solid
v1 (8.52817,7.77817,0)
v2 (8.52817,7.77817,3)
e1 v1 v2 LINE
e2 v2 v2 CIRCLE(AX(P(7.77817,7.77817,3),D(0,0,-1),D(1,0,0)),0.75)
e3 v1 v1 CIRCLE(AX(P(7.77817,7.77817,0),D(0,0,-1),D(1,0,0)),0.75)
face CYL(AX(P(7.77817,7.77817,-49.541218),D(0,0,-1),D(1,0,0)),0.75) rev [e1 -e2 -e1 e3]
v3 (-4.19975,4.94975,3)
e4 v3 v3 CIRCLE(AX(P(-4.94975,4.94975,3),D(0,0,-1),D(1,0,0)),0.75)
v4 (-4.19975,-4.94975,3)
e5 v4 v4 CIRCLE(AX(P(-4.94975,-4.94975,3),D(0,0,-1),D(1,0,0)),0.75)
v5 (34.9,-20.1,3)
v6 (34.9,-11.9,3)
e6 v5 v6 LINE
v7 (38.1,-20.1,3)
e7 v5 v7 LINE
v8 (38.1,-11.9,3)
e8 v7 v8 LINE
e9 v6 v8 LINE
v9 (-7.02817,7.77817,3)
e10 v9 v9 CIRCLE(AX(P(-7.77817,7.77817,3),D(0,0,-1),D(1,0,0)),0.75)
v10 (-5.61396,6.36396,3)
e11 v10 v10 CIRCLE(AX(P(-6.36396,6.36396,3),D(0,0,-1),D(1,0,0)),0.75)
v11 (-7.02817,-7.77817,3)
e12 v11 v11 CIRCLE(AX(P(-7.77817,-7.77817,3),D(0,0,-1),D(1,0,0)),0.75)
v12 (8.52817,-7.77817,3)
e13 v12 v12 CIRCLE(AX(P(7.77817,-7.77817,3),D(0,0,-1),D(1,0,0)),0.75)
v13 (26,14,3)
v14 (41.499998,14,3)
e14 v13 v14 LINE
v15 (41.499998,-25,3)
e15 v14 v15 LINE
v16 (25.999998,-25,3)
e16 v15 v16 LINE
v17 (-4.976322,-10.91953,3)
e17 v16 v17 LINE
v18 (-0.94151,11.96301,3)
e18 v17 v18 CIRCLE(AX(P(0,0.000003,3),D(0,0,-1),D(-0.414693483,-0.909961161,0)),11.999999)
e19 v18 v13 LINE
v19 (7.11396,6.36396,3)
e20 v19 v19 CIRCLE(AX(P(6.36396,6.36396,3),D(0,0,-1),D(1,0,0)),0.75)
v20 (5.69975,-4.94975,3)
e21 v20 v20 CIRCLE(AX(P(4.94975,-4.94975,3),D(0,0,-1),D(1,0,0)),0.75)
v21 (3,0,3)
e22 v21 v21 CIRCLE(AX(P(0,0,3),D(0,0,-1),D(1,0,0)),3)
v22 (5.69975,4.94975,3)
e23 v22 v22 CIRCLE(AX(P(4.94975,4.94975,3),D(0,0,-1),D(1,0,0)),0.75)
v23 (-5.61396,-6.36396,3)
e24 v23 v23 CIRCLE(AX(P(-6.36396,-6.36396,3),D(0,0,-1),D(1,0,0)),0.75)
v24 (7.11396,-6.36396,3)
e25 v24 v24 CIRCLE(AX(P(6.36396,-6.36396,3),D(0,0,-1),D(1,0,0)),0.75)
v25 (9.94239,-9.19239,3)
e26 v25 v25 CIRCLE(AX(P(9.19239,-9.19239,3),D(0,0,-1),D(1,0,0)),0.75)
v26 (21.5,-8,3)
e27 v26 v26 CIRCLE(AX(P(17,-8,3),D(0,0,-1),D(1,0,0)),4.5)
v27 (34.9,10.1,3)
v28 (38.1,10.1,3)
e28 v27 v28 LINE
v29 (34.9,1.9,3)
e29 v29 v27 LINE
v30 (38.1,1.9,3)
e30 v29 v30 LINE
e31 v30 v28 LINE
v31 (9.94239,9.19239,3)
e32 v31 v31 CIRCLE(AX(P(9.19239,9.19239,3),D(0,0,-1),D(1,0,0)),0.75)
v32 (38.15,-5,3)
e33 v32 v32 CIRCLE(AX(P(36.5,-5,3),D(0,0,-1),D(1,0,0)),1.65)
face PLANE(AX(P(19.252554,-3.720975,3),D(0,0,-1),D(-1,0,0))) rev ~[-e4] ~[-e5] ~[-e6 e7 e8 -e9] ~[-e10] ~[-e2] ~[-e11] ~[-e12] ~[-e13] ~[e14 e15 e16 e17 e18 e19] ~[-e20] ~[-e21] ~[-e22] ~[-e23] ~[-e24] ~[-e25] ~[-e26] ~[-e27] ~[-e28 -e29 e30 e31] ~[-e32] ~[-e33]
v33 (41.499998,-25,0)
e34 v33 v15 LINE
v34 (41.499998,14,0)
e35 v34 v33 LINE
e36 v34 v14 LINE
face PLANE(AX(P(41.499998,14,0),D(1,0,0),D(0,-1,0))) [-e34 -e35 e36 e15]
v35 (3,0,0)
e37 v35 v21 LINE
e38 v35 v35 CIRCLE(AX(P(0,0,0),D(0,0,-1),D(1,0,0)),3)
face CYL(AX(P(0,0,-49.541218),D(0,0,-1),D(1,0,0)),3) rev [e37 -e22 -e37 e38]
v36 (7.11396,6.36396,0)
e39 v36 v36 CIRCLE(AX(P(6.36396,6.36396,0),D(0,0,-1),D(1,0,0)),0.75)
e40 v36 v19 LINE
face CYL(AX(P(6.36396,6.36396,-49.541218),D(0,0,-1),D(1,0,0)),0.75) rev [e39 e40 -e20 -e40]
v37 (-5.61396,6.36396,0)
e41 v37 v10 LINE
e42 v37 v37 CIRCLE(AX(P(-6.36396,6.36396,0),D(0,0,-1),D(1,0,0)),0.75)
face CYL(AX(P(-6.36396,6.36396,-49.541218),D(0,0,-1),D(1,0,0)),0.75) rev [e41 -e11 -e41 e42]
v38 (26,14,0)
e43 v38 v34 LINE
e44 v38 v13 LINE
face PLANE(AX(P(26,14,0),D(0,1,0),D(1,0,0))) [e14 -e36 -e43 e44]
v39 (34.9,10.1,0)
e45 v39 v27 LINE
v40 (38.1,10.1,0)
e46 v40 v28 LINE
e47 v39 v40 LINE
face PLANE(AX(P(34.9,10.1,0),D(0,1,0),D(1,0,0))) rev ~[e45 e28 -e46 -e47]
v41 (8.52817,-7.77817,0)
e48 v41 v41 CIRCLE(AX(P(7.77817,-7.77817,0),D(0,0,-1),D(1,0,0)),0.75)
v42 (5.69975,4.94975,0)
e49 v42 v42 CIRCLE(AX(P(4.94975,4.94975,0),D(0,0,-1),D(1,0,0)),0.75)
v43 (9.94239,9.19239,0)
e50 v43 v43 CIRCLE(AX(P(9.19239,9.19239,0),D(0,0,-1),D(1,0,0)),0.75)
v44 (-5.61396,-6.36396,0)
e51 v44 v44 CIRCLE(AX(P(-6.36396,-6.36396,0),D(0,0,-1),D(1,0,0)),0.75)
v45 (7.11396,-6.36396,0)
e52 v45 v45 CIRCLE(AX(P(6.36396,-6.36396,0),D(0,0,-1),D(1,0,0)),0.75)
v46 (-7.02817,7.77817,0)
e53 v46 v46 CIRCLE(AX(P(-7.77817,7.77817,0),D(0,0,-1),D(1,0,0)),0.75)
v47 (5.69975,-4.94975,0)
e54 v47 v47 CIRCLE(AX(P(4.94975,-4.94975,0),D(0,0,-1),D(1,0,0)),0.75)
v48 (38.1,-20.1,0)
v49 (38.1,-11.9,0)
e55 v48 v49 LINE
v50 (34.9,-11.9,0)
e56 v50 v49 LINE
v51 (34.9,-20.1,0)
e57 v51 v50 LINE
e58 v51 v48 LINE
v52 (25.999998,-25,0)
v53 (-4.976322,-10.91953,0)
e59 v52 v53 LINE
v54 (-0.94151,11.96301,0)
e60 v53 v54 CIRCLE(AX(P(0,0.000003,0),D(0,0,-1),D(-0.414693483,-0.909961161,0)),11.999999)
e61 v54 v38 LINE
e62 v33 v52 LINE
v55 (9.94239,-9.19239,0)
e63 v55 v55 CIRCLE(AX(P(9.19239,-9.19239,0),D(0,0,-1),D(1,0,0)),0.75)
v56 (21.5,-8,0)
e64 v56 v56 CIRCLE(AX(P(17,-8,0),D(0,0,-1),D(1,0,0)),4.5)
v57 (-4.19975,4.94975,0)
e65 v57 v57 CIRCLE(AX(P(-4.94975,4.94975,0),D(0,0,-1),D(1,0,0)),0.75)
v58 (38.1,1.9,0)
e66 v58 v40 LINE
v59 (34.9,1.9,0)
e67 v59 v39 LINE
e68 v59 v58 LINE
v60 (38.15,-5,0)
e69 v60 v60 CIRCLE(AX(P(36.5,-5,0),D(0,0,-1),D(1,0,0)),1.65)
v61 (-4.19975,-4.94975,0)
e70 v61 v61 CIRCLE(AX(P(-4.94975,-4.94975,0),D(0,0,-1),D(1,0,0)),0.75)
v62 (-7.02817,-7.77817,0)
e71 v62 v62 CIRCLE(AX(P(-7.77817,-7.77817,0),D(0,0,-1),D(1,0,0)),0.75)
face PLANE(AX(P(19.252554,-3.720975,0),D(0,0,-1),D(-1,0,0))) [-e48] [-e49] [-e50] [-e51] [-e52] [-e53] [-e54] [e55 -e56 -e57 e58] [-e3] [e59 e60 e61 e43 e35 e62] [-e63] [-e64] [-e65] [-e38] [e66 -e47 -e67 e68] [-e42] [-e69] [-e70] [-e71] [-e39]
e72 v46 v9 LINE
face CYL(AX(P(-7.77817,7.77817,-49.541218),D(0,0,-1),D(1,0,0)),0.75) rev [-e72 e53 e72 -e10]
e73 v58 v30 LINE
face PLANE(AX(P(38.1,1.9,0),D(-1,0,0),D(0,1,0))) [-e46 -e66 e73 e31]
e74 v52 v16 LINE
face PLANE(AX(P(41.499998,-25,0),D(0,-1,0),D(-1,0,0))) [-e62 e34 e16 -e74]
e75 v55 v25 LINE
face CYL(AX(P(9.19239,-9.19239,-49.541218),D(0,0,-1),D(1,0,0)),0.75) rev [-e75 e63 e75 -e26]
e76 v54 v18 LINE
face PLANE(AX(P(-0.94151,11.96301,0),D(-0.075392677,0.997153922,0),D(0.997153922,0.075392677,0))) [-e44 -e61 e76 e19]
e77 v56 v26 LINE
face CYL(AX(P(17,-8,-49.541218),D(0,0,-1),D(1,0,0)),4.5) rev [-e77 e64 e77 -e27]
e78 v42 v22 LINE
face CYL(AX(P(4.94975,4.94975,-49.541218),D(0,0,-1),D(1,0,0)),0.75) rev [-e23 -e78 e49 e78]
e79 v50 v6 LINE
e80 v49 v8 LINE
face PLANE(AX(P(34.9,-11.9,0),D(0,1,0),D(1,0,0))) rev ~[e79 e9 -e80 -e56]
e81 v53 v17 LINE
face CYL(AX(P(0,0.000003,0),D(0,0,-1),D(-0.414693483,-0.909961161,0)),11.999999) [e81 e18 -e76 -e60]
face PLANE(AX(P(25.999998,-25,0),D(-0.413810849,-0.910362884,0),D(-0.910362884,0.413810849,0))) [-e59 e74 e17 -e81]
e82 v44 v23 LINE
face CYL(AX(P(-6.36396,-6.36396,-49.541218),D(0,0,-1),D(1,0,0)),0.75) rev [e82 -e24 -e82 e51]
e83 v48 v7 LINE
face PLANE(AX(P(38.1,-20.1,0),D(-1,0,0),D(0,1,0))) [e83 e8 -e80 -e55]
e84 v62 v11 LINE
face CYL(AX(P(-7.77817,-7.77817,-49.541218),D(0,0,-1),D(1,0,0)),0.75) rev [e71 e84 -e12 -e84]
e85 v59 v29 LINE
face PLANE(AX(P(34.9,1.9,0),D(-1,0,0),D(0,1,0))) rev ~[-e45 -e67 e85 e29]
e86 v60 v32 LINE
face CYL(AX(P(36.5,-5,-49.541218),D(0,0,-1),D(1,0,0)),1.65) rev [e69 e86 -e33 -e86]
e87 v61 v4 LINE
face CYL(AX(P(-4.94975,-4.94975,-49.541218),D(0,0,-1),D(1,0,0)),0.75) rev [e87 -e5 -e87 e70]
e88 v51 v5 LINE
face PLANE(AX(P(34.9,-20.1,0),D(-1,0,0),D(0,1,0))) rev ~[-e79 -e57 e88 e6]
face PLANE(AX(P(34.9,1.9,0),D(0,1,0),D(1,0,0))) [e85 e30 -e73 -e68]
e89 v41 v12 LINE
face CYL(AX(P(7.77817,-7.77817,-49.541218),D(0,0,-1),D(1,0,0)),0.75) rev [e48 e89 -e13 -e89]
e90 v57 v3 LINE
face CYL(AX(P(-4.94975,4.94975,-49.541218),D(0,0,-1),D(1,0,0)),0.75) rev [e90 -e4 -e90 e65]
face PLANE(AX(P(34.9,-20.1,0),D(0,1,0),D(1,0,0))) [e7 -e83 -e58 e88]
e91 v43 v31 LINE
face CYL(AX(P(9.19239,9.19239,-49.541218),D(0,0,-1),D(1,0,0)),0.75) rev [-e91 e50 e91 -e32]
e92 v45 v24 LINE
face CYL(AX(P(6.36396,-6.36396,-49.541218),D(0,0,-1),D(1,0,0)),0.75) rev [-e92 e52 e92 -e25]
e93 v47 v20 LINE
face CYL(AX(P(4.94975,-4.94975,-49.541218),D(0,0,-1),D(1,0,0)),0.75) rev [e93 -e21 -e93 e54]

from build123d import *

# Parameters (mm, degrees)
ESKIZ_KONTUR_W        = 3.2
ESKIZ_KONTUR_H        = 8.2
PLASTINA_DEPTH        = 3
OTVERSTIYA_DEPTH      = 49.541218109
OTVERSTIYA_DEPTH_BACK = 49.541218109
ESKIZ_OTVERSTIYA_R    = 0.75
ESKIZ_OTVERSTIYA_R_2  = 4.5
ESKIZ_OTVERSTIYA_R_3  = 3
ESKIZ_OTVERSTIYA_R_4  = 1.65


with BuildPart() as part:
    # Eskiz_kontur → Plastina (new body)
    with BuildSketch(Plane.XY):
        with BuildLine():
            Line((41.499998426, -24.999999723), (25.999998426, -24.999999723))
            Line((25.999998426, -24.999999723), (-4.976321574, -10.919529723))
            ThreePointArc((-4.976321574, -10.919529723), (-11.817691954, 2.083782335), (-0.94151, 11.96301))
            Line((-0.94151, 11.96301), (26, 14))
            Line((26, 14), (41.499998426, 14))
            Line((41.499998426, 14), (41.499998426, -24.999999723))
        make_face()
        with Locations((36.5, -16)):
            Rectangle(ESKIZ_KONTUR_W, ESKIZ_KONTUR_H, mode=Mode.SUBTRACT)
        with Locations((36.5, 6)):
            Rectangle(ESKIZ_KONTUR_W, ESKIZ_KONTUR_H, mode=Mode.SUBTRACT)
    extrude(amount=PLASTINA_DEPTH)

    # Eskiz_otverstiya → Otverstiya (cut, two sides: drawn at the far end of the back side and taken through both)
    with BuildSketch(Plane.XY.offset(-OTVERSTIYA_DEPTH_BACK)):
        with Locations((-7.77817, -7.77817)):
            Circle(ESKIZ_OTVERSTIYA_R)
        with Locations((-6.36396, -6.36396)):
            Circle(ESKIZ_OTVERSTIYA_R)
        with Locations((9.19239, -9.19239)):
            Circle(ESKIZ_OTVERSTIYA_R)
        with Locations((7.77817, -7.77817)):
            Circle(ESKIZ_OTVERSTIYA_R)
        with Locations((6.36396, -6.36396)):
            Circle(ESKIZ_OTVERSTIYA_R)
        with Locations((17, -8)):
            Circle(ESKIZ_OTVERSTIYA_R_2)
        with Locations((-4.94975, -4.94975)):
            Circle(ESKIZ_OTVERSTIYA_R)
        Circle(ESKIZ_OTVERSTIYA_R_3)
        with Locations((4.94975, -4.94975)):
            Circle(ESKIZ_OTVERSTIYA_R)
        with Locations((-4.94975, 4.94975)):
            Circle(ESKIZ_OTVERSTIYA_R)
        with Locations((-6.36396, 6.36396)):
            Circle(ESKIZ_OTVERSTIYA_R)
        with Locations((-7.77817, 7.77817)):
            Circle(ESKIZ_OTVERSTIYA_R)
        with Locations((4.94975, 4.94975)):
            Circle(ESKIZ_OTVERSTIYA_R)
        with Locations((6.36396, 6.36396)):
            Circle(ESKIZ_OTVERSTIYA_R)
        with Locations((7.77817, 7.77817)):
            Circle(ESKIZ_OTVERSTIYA_R)
        with Locations((9.19239, 9.19239)):
            Circle(ESKIZ_OTVERSTIYA_R)
        with Locations((36.5, -5)):
            Circle(ESKIZ_OTVERSTIYA_R_4)
    extrude(amount=OTVERSTIYA_DEPTH + OTVERSTIYA_DEPTH_BACK, mode=Mode.SUBTRACT)


solid = part.part
